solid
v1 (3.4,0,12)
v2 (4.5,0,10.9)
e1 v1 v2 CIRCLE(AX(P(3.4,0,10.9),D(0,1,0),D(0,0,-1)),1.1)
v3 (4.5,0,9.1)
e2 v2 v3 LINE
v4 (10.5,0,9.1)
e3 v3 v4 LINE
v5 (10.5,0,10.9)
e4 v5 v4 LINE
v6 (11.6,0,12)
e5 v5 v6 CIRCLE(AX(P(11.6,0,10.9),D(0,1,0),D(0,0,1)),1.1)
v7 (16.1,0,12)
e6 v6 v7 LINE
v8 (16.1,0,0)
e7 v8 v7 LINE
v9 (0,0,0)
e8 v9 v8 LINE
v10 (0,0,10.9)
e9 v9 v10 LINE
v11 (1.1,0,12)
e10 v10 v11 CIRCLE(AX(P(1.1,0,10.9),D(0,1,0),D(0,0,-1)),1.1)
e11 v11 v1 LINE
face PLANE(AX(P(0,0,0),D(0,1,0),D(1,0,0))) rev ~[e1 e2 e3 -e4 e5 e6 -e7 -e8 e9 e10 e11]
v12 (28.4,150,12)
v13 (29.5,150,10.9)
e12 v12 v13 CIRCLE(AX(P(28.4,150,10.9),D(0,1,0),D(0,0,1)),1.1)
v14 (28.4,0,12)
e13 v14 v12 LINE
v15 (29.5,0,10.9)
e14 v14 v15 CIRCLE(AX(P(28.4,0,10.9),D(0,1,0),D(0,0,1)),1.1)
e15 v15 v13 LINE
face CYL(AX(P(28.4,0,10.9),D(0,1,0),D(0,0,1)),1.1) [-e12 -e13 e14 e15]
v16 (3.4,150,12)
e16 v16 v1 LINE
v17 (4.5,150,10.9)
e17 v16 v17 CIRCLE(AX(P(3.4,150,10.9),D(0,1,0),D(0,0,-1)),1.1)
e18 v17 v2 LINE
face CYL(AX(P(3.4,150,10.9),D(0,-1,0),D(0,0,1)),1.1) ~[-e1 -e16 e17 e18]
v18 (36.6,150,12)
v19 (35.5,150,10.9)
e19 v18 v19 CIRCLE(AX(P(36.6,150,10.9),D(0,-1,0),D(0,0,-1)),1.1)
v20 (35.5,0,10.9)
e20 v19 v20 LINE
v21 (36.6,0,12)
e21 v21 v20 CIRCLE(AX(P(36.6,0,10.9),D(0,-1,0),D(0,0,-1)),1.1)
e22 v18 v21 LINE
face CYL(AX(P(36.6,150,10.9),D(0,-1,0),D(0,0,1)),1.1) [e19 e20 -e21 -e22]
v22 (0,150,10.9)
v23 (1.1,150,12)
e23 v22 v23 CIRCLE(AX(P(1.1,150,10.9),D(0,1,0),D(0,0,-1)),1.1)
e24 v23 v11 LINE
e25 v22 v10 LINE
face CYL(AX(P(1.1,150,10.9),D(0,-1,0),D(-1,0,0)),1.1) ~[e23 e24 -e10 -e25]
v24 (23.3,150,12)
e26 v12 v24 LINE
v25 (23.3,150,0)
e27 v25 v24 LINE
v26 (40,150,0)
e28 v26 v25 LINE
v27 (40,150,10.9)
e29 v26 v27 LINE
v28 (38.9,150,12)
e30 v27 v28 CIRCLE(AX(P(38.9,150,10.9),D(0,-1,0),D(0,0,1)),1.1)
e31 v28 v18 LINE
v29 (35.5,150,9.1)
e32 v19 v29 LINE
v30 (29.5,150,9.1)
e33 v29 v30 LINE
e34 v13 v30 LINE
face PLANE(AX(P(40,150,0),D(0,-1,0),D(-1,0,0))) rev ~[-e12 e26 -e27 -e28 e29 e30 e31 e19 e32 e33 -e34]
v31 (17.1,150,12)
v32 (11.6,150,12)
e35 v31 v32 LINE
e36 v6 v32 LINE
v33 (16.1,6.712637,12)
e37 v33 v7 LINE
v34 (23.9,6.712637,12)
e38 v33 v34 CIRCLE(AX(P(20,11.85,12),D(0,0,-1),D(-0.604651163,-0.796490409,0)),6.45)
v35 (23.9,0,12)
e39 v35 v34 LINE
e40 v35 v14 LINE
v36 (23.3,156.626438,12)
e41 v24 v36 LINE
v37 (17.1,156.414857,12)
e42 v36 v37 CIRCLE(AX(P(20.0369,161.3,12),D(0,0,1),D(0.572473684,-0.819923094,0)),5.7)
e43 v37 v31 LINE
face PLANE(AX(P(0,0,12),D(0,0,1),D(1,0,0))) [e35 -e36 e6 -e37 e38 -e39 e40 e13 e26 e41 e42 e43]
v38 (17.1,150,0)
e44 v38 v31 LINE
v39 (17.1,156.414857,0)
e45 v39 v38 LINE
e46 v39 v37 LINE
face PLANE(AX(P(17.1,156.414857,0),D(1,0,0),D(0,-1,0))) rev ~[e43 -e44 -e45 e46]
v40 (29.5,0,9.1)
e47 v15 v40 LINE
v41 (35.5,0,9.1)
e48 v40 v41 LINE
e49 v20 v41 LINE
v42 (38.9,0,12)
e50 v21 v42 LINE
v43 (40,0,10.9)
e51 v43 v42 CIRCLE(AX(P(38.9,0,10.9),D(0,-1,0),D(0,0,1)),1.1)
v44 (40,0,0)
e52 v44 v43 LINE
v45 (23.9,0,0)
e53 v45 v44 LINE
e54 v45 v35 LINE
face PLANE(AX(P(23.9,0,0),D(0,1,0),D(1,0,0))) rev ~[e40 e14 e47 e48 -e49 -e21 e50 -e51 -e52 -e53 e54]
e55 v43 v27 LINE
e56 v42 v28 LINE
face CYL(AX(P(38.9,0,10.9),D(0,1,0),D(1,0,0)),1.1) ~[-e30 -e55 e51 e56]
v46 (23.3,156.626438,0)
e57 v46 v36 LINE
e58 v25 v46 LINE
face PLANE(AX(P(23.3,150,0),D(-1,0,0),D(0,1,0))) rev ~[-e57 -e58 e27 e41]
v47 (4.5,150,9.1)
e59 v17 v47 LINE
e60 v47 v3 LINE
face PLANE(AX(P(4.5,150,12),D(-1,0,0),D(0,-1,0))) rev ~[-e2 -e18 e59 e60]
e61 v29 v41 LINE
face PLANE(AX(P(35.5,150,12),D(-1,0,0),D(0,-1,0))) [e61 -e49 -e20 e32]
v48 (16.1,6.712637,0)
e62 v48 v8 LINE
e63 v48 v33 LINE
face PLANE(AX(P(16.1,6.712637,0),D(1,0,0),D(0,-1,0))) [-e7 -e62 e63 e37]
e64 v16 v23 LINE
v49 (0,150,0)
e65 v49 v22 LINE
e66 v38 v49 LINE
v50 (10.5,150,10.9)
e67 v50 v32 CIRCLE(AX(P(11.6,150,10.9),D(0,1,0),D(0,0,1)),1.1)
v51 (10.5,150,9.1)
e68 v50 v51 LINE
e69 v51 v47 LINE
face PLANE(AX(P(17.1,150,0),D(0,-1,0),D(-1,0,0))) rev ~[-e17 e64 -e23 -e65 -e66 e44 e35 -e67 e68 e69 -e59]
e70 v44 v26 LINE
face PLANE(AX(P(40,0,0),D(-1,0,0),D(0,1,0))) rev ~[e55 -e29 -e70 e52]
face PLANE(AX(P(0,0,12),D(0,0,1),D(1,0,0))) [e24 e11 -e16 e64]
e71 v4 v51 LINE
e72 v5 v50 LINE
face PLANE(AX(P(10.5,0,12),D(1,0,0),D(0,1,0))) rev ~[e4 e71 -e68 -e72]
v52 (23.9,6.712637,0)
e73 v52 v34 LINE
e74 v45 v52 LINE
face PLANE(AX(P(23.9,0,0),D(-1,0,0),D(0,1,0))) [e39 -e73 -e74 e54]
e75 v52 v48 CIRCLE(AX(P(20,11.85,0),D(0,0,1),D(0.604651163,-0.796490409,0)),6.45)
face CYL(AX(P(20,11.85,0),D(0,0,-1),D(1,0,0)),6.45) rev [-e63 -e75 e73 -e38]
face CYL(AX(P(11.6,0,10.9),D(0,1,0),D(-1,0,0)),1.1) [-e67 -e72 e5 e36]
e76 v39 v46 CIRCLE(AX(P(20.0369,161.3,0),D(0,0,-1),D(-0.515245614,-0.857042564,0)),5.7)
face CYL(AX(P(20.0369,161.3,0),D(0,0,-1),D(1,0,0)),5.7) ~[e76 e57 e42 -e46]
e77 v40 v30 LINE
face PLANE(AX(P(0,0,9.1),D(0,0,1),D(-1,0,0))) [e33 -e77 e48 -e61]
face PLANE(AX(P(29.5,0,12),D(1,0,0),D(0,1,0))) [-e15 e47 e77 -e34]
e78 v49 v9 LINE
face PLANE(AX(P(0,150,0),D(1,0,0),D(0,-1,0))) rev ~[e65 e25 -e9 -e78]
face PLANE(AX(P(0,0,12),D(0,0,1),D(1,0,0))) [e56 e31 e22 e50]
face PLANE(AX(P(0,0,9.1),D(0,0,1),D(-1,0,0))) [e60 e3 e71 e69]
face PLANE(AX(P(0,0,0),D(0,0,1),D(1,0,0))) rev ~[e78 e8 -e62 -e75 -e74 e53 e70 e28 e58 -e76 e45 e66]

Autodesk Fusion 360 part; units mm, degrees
sketch "Sketch1" plane through (0, 0, 0) normal (0, 0, 1) x (1, 0, 0)
  line L0 (0, 0) -> (40, 0)
  line L1 (40, 0) -> (40, 150)
  line L2 (40, 150) -> (0, 150)
  line L3 (0, 150) -> (0, 0)
  line L4 (17.1, 150) -> (23.3, 150)
  line L5 (23.3, 150) -> (23.3, 157)
  line L6 (23.3, 157) -> (17.1, 157)
  line L7 (17.1, 157) -> (17.1, 150)
  circle A0 centre (20.0369, 161.3) radius 5.7
  circle A1 centre (20, 11.85) radius 6.45
  line L8 (16.1, 0) -> (23.9, 0)
  line L9 (23.9, 0) -> (23.9, 7)
  line L10 (23.9, 7) -> (16.1, 7)
  line L11 (16.1, 7) -> (16.1, 0)
  dimension "d1" = 40
  dimension "d2" = 150
  dimension "d3" = 6.2
  dimension "d4" = 7
  dimension "d5" = 23.3
  dimension "d6" = 11.4
  dimension "d8" = 17
  dimension "d9" = 12.9
  dimension "d11" = 18.3
  dimension "d12" = 20
  dimension "d13" = 7.8
  dimension "d14" = 7
  dimension "d15" = 16.1
extrude "Extrude1" add sketch "Sketch1" along normal blind 12 contours L0 L1 L2 L3 L4 A1 L9 L11 | L2 L4 L5 L7 A0 | L5 L6 L7 A0 | L5 L6 L7 A0
sketch "Sketch2" plane through (0, 0, 12) normal (0, 0, 1) x (-1, 0, 0)
  line L0 (-23.9, 0) -> (-40, 0)
  line L1 (-40, 0) -> (-40, -150)
  line L2 (-40, -150) -> (-23.3, -150)
  line L3 (-23.3, -150) -> (-23.3, -156.6265)
  arc A0 (-23.3, -156.6265) -> (-17.1, -156.4148) centre (-20.0369, -161.3) ccw
  line L4 (-17.1, -156.4148) -> (-17.1, -150)
  line L5 (-17.1, -150) -> (0, -150)
  line L6 (0, -150) -> (0, 0)
  line L7 (0, 0) -> (-16.1, 0)
  line L8 (-16.1, 0) -> (-16.1, -6.7126)
  arc A1 (-23.9, -6.7126) -> (-16.1, -6.7126) centre (-20, -11.85) ccw
  line L9 (-23.9, -6.7126) -> (-23.9, 0)
  line L10 (-4.5, 0) -> (-10.5, 0)
  line L11 (-10.5, 0) -> (-10.5, -150)
  line L12 (-10.5, -150) -> (-4.5, -150)
  line L13 (-4.5, -150) -> (-4.5, 0)
  line L14 (-35.5, 0) -> (-29.5, 0)
  line L15 (-29.5, 0) -> (-29.5, -150)
  line L16 (-29.5, -150) -> (-35.5, -150)
  line L17 (-35.5, -150) -> (-35.5, 0)
  dimension "d18" = 6
  dimension "d19" = 150
  dimension "d20" = 4.5
  dimension "d21" = 6
  dimension "d22" = 150
  dimension "d23" = 4.5
extrude "Extrude2" cut sketch "Sketch2" against normal blind 2.9 contours L0 L2 L14 L15 L16 L17 | L5 L7 L10 L11 L12 L13
fillet "Fillet1" radius 1.1 6 edges at (4.5, 75, 12) (0, 75, 12) (10.5, 75, 12) (29.5, 75, 12) (35.5, 75, 12) (40, 75, 12)
